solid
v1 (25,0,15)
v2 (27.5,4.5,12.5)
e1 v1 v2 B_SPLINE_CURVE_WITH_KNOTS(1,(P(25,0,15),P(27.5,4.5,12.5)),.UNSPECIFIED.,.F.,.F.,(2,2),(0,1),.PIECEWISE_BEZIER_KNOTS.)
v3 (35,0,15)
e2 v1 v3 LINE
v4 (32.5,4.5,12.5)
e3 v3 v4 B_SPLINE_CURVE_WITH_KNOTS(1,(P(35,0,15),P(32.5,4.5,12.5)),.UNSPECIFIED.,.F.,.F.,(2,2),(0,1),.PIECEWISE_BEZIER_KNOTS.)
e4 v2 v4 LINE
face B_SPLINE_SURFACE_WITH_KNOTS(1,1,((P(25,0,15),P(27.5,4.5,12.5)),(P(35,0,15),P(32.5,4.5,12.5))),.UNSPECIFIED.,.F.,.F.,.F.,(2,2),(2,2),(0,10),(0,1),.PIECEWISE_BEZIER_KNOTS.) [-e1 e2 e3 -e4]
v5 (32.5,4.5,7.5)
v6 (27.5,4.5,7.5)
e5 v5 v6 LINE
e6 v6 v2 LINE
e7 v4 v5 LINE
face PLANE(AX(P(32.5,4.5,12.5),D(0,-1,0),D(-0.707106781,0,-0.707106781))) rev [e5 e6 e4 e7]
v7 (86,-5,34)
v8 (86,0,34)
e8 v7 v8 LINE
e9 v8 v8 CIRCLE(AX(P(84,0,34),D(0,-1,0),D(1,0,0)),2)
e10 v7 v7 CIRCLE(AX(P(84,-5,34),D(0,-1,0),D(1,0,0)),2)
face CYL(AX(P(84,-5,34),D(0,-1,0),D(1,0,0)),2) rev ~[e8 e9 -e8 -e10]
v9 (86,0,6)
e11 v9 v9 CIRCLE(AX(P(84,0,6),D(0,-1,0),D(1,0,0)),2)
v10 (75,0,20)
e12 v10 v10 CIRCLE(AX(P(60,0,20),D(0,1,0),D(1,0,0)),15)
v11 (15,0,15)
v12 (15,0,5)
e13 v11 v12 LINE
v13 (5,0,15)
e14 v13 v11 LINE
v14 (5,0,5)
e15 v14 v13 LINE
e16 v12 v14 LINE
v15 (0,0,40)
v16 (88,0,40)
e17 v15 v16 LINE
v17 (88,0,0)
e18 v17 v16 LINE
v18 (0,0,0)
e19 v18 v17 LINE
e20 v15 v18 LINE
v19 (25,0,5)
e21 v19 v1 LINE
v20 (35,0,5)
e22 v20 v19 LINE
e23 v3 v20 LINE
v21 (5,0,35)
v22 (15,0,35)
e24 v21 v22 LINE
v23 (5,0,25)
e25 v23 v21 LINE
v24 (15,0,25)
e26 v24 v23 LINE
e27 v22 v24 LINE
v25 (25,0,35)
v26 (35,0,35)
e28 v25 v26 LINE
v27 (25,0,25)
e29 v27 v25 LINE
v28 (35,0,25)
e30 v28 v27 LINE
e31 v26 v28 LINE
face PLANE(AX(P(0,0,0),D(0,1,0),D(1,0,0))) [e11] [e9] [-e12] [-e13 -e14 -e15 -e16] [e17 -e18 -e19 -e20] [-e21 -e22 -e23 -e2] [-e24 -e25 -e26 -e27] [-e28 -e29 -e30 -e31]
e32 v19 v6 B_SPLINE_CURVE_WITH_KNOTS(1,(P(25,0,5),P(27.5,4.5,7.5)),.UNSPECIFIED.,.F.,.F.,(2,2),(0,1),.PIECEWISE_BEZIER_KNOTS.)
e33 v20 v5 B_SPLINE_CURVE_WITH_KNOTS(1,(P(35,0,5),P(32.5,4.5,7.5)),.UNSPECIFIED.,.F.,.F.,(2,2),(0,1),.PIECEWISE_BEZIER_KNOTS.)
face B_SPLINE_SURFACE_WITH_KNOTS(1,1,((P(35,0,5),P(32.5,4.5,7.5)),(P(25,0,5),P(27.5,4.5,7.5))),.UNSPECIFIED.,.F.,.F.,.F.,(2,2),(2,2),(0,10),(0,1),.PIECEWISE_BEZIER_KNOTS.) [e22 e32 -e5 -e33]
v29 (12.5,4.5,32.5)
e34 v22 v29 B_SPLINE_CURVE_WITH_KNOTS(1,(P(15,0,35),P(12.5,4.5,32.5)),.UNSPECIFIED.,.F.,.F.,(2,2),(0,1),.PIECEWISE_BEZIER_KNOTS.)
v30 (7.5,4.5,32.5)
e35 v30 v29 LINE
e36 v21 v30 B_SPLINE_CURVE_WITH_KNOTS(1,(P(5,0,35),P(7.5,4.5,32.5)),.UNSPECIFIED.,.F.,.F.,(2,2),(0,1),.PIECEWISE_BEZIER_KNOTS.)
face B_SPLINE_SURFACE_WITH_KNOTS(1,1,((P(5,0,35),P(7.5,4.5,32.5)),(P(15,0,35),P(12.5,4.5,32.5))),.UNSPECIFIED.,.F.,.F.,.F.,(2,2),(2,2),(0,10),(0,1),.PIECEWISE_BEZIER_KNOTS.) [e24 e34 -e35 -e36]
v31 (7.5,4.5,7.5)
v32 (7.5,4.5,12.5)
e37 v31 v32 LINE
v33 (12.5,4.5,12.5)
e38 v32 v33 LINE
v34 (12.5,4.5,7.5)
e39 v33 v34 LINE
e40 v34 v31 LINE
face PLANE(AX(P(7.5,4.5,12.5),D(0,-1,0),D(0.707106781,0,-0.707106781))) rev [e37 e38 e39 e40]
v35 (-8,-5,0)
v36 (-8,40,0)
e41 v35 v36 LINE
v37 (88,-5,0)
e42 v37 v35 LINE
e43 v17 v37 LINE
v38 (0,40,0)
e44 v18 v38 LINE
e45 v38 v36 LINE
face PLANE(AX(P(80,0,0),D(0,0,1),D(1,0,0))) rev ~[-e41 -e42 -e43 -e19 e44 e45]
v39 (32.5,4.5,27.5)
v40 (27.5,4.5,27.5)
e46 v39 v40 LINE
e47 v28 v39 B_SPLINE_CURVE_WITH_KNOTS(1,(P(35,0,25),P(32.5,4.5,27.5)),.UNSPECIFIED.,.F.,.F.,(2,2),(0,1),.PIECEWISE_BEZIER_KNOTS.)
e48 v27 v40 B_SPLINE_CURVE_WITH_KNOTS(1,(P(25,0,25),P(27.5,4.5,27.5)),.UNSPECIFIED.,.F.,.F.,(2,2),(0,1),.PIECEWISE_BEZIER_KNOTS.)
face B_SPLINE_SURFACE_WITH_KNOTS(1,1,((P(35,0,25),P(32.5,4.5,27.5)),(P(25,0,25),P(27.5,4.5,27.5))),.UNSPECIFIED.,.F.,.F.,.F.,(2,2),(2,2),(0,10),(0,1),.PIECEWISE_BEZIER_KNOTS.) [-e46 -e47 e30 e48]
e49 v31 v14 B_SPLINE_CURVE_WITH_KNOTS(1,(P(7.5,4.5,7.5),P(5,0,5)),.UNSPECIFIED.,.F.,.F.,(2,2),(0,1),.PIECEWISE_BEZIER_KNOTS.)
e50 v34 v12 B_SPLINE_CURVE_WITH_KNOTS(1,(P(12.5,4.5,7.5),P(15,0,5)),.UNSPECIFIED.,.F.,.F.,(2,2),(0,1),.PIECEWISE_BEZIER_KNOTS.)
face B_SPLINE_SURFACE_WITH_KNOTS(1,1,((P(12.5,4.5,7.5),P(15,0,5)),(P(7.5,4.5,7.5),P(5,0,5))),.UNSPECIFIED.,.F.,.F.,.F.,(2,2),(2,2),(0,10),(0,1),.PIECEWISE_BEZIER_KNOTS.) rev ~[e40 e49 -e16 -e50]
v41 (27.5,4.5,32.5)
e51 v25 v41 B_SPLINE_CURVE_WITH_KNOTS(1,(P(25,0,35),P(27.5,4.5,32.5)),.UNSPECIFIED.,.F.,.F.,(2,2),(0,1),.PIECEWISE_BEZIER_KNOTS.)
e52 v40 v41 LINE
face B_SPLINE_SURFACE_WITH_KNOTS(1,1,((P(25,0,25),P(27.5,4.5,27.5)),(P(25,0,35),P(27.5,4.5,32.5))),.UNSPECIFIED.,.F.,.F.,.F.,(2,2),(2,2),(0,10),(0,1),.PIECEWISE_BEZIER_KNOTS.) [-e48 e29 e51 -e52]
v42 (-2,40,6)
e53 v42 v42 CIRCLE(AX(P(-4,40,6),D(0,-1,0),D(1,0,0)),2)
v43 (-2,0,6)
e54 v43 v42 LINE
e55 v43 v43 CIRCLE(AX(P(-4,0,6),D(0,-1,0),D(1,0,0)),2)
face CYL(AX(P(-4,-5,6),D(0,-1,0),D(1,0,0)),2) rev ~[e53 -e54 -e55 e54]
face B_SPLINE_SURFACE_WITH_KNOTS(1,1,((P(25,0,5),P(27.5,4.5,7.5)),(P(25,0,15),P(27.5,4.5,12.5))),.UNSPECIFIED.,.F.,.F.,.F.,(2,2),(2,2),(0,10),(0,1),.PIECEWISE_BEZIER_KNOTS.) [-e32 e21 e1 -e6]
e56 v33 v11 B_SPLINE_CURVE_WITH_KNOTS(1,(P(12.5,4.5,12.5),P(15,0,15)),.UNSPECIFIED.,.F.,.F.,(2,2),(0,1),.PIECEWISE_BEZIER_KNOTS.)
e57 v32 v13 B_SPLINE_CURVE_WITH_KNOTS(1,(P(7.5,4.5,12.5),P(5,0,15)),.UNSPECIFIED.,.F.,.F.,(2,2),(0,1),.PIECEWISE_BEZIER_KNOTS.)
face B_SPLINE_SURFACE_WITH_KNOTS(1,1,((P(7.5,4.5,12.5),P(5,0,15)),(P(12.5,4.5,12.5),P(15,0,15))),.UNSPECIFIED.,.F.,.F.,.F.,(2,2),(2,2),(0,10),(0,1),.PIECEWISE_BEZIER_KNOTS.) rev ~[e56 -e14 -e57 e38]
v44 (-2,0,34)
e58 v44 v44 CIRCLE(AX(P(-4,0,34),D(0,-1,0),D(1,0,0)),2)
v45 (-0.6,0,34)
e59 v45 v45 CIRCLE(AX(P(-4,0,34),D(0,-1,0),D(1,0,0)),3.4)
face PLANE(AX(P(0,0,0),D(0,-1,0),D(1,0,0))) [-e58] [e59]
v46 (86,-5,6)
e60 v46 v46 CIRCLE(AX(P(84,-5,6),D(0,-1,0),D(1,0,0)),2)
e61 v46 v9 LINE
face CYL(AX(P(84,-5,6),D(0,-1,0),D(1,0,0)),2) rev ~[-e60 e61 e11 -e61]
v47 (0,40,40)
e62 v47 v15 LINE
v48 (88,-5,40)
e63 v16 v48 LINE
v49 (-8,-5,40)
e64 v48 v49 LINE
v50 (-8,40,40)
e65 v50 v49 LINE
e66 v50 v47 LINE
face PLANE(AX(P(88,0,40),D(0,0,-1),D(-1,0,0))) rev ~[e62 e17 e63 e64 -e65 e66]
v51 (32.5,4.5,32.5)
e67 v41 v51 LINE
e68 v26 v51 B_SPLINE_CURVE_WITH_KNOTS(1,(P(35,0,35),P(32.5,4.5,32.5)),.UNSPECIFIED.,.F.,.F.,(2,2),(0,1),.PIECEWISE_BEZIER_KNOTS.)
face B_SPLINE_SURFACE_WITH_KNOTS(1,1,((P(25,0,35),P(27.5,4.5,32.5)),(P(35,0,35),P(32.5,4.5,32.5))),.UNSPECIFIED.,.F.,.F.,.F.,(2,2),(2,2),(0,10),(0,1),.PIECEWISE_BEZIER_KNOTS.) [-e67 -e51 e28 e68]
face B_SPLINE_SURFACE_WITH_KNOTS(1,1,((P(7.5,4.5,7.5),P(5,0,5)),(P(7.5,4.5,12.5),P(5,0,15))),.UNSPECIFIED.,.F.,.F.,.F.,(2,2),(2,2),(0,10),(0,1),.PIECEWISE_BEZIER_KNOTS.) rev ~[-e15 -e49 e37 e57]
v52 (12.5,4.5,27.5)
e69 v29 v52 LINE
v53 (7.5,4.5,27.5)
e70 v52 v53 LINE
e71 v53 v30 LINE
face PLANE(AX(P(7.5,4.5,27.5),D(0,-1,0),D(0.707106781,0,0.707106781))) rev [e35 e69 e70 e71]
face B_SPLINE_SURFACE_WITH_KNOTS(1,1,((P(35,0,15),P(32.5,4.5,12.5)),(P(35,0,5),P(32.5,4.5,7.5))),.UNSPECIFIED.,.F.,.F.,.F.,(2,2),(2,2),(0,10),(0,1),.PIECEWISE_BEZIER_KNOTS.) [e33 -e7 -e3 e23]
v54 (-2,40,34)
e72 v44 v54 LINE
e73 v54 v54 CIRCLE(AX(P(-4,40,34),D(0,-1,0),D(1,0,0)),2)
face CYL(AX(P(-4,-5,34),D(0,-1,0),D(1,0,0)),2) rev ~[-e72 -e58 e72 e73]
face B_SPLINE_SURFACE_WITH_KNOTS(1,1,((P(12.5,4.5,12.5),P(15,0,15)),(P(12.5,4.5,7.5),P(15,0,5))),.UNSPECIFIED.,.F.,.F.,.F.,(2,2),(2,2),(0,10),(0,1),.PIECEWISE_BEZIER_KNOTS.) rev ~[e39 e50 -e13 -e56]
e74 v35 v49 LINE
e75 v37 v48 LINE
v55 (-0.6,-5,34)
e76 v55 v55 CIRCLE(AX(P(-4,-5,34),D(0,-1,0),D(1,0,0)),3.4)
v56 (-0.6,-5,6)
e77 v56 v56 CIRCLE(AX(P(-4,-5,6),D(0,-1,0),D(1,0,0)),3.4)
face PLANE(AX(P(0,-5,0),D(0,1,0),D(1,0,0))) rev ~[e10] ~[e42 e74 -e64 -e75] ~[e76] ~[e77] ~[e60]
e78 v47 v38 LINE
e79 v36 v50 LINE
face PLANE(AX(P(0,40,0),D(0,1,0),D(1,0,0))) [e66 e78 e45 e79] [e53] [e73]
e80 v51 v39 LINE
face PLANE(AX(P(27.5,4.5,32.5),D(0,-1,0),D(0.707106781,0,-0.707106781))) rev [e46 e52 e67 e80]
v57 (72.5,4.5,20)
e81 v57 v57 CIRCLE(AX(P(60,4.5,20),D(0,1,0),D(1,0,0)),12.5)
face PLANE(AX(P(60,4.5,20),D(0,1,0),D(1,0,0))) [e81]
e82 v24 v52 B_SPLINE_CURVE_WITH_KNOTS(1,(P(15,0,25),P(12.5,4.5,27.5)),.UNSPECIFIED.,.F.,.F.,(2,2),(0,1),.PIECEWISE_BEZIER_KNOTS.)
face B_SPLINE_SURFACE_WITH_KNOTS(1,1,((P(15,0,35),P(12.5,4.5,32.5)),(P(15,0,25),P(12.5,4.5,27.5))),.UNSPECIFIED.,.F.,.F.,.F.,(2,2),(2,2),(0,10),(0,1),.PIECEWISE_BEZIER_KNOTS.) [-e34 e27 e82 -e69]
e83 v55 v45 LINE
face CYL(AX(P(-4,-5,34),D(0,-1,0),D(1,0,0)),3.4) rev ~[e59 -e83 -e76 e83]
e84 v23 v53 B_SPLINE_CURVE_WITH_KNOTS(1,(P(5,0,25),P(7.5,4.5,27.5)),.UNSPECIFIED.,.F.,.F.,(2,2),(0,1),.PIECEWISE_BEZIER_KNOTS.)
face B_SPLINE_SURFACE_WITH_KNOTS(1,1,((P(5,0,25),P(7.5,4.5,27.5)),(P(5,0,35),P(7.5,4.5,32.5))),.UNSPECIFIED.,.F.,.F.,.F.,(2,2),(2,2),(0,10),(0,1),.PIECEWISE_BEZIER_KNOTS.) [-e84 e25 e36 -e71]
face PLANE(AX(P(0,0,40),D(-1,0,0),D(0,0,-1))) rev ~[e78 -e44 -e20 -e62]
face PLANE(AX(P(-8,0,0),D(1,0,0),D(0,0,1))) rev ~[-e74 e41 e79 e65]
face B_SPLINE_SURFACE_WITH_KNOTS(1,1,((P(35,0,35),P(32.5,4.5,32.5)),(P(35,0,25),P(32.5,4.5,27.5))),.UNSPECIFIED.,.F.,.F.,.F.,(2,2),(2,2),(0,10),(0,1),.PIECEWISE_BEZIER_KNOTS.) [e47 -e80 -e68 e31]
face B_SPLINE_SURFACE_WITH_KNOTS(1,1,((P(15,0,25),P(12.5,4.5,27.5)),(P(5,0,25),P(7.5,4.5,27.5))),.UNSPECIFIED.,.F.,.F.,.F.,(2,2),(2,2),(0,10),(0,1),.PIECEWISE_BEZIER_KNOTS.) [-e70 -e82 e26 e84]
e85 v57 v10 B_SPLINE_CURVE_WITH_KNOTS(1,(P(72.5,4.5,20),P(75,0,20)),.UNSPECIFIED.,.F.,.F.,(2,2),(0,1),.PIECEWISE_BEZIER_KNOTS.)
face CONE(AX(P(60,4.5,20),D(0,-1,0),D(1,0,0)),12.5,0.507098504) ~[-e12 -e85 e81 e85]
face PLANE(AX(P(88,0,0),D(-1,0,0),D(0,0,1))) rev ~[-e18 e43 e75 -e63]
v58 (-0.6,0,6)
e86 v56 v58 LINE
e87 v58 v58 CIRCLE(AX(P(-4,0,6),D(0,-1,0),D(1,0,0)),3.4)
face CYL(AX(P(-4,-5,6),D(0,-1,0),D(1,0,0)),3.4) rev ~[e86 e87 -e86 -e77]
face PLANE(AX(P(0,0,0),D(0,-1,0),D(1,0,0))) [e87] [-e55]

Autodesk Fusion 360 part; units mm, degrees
sketch "baseplate" plane through (0, 0, 0) normal (0, 1, 0) x (1, 0, 0)
  line L0 (0, 0) -> (80, 0)
  line L1 (80, 0) -> (80, -40)
  line L2 (80, -40) -> (0, -40)
  line L3 (0, -40) -> (0, 0)
  dimension "d1" = 80
  dimension "d2" = 40
sketch "pryamid_base" plane through (0, 0, 0) normal (0, 1, 0) x (1, 0, 0)
  line L0 (5, -35) -> (15, -35)
  line L1 (15, -35) -> (15, -25)
  line L2 (15, -25) -> (5, -25)
  line L3 (5, -25) -> (5, -35)
  line L4 (35, -35) -> (35, -25)
  line L5 (35, -25) -> (25, -25)
  line L6 (25, -35) -> (35, -35)
  line L7 (25, -25) -> (25, -35)
  line L8 (35, -5) -> (25, -5)
  line L9 (35, -15) -> (35, -5)
  line L10 (15, -5) -> (5, -5)
  line L11 (25, -5) -> (25, -15)
  line L12 (5, -5) -> (5, -15)
  line L13 (5, -15) -> (15, -15)
  line L14 (15, -15) -> (15, -5)
  line L15 (25, -15) -> (35, -15)
  line L16 (55, -15) -> (65, -25)
  circle A0 centre (60, -20) radius 15
  dimension "d3" = 10
  dimension "d4" = 10
  dimension "d5" = 10
  dimension "d6" = 10
  dimension "d11" = 10
  dimension "d12" = 10
  dimension "d13" = 10
  dimension "d14" = 10
  dimension "d48" = 30
ref_plane "WorkPlane1" through (0, 4.5, 0) normal (0, 1, 0) x (0, 0, 1)
sketch "pryamid_offsetplane" plane through (0, 4.5, 0) normal (0, 1, 0) x (1, 0, 0)
  line L0 (7.5, -32.5) -> (12.5, -32.5)
  line L1 (12.5, -32.5) -> (12.5, -27.5)
  line L2 (12.5, -27.5) -> (7.5, -27.5)
  line L3 (7.5, -27.5) -> (7.5, -32.5)
  line L4 (27.5, -27.5) -> (27.5, -32.5)
  line L5 (32.5, -32.5) -> (32.5, -27.5)
  line L6 (27.5, -32.5) -> (32.5, -32.5)
  line L7 (32.5, -27.5) -> (27.5, -27.5)
  line L8 (7.5, -27.5) -> (7.5, -32.5)
  line L9 (12.5, -32.5) -> (12.5, -27.5)
  line L10 (7.5, -32.5) -> (12.5, -32.5)
  line L11 (12.5, -27.5) -> (7.5, -27.5)
  line L12 (27.5, -7.5) -> (27.5, -12.5)
  line L13 (12.5, -12.5) -> (12.5, -7.5)
  line L14 (12.5, -7.5) -> (7.5, -7.5)
  line L15 (7.5, -7.5) -> (7.5, -12.5)
  line L16 (7.5, -12.5) -> (12.5, -12.5)
  line L17 (32.5, -7.5) -> (27.5, -7.5)
  line L18 (27.5, -12.5) -> (32.5, -12.5)
  line L19 (12.5, -7.5) -> (7.5, -7.5)
  line L20 (32.5, -12.5) -> (32.5, -7.5)
  line L21 (12.5, -12.5) -> (12.5, -7.5)
  line L22 (7.5, -12.5) -> (12.5, -12.5)
  line L23 (7.5, -7.5) -> (7.5, -12.5)
  circle A0 centre (60, -20) radius 12.5
  dimension "d49" = 25
extrude "Extrude1" add sketch "baseplate" against normal blind 5
loft "Loft1" add profiles "pryamid_base", "pryamid_offsetplane" section 1 contours L0 L1 L2 L3 section 2 contours L0 L1 L2 L3 L8 L9 L10 L11
loft "Loft2" add profiles "pryamid_base", "pryamid_offsetplane" section 1 contours L4 L5 L6 L7 section 2 contours L4 L5 L6 L7
sketch "sidewall" plane through (0, 0, 0) normal (0, 1, 0) x (1, 0, 0)
  line L0 (0, 0) -> (-8, 0)
  line L1 (-8, 0) -> (-8, -40)
  line L2 (-8, -40) -> (0, -40)
  line L3 (0, -40) -> (0, 0)
  dimension "d22" = 8
extrude "Extrude2" add sketch "sidewall" along normal blind 40 and the other way blind 5
sketch "sidemount" plane through (0, 0, 0) normal (0, 1, 0) x (1, 0, 0)
  line L0 (80, 0) -> (88, 0)
  line L1 (88, 0) -> (88, -40)
  line L2 (88, -40) -> (80, -40)
  line L3 (80, -40) -> (80, 0)
extrude "Extrude3" add sketch "sidemount" against normal blind 5
sketch "holes" plane through (0, -5, 0) normal (0, -1, 0) x (1, 0, 0)
  line L0 (88, 40) -> (-8, 40)
  line L1 (-8, 40) -> (-8, 0)
  line L2 (-8, 0) -> (88, 0)
  line L3 (88, 0) -> (88, 40)
  line L4 (-8, 0) -> (-4, 0)
  line L5 (-8, 6) -> (-8, 0)
  line L6 (-4, 40) -> (-8, 40)
  line L7 (-8, 40) -> (-8, 34)
  circle A0 centre (-4, 34) radius 2
  circle A1 centre (-4, 6) radius 2
  circle A2 centre (-4, 34) radius 3.4
  circle A3 centre (-4, 6) radius 3.4
  dimension "d29" = 6
  dimension "d30" = 4
  dimension "d31" = 4
  dimension "d32" = 6.8
  dimension "d33" = 6.8
extrude "Extrude4" cut sketch "holes" against normal blind 51 contours A0 | A1
extrude "Extrude5" cut sketch "holes" against normal blind 5 contours A2 | A3
sketch "holes (1)" plane through (0, -5, 0) normal (0, -1, 0) x (1, 0, 0)
  circle A0 centre (84, 34) radius 2
  circle A1 centre (84, 6) radius 2
  circle A2 centre (84, 34) radius 3.4
  circle A3 centre (84, 6) radius 3.4
  dimension "d42" = 4
  dimension "d43" = 4
  dimension "d44" = 6.8
  dimension "d45" = 6.8
extrude "Extrude6" cut sketch "holes (1)" against normal blind 16 contours A0 | A1
loft "Loft9" add profiles "pryamid_offsetplane", "pryamid_base" section 1 contours L13 L14 L15 L16 L19 L21 L22 L23 section 2 contours L10 L12 L13 L14
loft "Loft10" add profiles "pryamid_base", "pryamid_offsetplane" section 1 contours L8 L9 L11 L15 section 2 contours L12 L17 L18 L20
loft "Loft11" add profiles "pryamid_offsetplane", "pryamid_base" section 1 contours A0 section 2 contours A0
